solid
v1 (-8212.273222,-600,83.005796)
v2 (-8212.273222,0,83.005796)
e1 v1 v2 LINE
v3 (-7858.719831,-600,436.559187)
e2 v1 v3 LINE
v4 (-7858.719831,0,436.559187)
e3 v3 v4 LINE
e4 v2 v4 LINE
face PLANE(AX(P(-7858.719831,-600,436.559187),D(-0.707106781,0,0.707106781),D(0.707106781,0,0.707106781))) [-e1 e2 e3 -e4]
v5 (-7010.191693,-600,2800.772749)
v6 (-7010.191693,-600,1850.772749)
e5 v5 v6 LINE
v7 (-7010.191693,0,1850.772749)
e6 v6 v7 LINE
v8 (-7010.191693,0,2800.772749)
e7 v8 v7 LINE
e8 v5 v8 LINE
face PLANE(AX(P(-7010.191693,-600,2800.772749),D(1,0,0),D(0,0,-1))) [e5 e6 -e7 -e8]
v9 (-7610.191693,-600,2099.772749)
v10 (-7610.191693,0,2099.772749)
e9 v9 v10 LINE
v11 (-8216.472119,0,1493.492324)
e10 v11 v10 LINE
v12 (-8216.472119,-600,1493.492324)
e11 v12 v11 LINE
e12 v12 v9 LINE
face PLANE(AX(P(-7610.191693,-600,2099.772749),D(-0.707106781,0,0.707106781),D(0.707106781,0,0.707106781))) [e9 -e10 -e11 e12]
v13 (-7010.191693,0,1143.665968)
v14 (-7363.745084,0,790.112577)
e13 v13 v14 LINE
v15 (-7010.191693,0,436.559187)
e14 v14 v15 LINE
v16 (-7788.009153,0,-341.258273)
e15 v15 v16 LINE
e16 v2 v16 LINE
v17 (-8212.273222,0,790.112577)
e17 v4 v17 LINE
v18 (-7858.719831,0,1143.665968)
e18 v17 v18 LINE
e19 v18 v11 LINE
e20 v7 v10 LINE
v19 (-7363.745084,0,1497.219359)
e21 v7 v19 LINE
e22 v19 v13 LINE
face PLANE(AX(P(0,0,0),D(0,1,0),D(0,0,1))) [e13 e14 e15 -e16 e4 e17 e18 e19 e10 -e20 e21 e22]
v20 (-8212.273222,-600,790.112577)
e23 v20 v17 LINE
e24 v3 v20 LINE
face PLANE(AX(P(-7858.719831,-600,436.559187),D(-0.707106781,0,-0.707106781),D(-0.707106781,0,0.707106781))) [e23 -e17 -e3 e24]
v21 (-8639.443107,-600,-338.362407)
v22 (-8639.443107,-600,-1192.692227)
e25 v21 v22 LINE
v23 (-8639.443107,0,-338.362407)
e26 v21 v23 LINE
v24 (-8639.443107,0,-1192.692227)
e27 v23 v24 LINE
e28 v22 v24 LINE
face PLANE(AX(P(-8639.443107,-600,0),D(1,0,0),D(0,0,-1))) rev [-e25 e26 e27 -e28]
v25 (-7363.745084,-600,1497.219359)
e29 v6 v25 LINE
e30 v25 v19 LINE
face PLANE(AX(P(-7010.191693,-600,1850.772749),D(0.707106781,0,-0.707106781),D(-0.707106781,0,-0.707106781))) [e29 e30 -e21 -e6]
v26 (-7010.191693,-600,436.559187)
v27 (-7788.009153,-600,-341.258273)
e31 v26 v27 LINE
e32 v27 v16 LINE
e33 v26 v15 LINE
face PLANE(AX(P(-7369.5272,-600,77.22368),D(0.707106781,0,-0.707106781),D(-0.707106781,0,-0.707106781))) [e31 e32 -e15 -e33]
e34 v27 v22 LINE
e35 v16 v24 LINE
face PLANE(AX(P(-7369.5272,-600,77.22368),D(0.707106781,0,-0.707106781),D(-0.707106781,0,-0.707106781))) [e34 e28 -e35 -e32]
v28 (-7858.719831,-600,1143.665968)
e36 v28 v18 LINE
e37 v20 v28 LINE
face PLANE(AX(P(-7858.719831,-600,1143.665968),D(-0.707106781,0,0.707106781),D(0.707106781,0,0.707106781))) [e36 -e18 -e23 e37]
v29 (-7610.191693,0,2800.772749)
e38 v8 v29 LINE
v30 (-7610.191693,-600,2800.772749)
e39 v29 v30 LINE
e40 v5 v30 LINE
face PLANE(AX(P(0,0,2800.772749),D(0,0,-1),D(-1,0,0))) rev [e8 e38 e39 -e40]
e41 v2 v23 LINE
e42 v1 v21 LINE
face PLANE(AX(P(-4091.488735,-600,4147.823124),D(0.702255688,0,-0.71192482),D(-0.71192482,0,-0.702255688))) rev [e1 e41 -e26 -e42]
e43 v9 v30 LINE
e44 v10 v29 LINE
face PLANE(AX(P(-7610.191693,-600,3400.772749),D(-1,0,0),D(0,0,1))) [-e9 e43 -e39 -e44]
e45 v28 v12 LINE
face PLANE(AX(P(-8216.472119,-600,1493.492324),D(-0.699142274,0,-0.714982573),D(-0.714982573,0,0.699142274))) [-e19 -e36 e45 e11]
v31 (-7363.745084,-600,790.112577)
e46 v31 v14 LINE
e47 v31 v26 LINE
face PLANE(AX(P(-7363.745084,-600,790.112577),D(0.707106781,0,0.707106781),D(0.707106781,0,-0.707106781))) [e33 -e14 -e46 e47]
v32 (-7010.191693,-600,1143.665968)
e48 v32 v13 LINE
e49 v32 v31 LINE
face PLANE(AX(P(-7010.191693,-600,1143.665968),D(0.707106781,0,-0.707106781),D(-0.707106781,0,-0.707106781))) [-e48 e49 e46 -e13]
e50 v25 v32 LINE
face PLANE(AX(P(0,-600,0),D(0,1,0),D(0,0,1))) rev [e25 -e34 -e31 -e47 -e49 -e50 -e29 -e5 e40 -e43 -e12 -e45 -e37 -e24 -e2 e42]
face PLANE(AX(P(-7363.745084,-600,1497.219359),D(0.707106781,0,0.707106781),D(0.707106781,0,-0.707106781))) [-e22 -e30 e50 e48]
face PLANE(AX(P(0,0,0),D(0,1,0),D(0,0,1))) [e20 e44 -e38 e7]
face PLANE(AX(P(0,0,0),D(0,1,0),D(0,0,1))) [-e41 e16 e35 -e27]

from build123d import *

# Parameters (mm, degrees)
BOSS_EXTRUDE1_DEPTH      = 600
CUT_EXTRUDE9_DEPTH       = 8723.868006427
CUT_EXTRUDE9_DEPTH_BACK  = 8723.868006427
CUT_EXTRUDE_THIN1_DEPTH  = 8723.868006427
CUT_EXTRUDE40_DEPTH      = 400
CUT_EXTRUDE42_DEPTH      = 8272.33671098
CUT_EXTRUDE42_DEPTH_BACK = 8272.33671098
CUT_EXTRUDE43_DEPTH      = 200
CUT_EXTRUDE44_DEPTH      = 8662.204945729
CUT_EXTRUDE44_DEPTH_BACK = 8662.204945729
SKETCH20_W               = 1000
SKETCH20_H               = 600
CUT_EXTRUDE45_DEPTH      = 600
CUT_EXTRUDE46_DEPTH      = 600
BOSS_EXTRUDE2_DEPTH      = 600
BOSS_EXTRUDE3_DEPTH      = 600
BOSS_EXTRUDE4_DEPTH      = 600
BOSS_EXTRUDE5_REACH      = 8720.017
SKETCH27_W               = 600.055718855
SKETCH27_H               = 600
SKETCH41_W               = 5944.592645119
SKETCH41_H               = 1845.640359894
CUT_EXTRUDE49_DEPTH      = 10020
SKETCH42_W               = 3231.101034248
SKETCH42_H               = 2243.42822902
CUT_EXTRUDE50_DEPTH      = 10020


with BuildPart() as part:
    # Sketch1 → Boss-Extrude1 (new body)
    with BuildSketch(Plane(origin=(0, 0, 0), x_dir=(1, 0, 0), z_dir=(0, 1, 0))):
        Polygon((0, 0), (-1000, 0), (-2062.518408918, -284.700949613), (-3015.146353081, -834.700949613), (-3792.963812386, -1612.518408918), (-4570.781271691, -2390.335868223), (-4695.045340403, -2485.687041782), (-5647.673284566, -3035.687041782), (-5792.381857505, -3095.627295285), (-6854.900266423, -3380.328244897), (-7010.191693484, -3400.772749124), (-8010.191693484, -3400.772749124), (-8010.191693484, -2800.772749124), (-7010.191693484, -2800.772749124), (-5947.673284566, -2516.071799511), (-4995.045340403, -1966.071799511), (-4217.227881098, -1188.254340206), (-3439.410421793, -410.436880901), (-3315.146353081, -315.085707342), (-2362.518408918, 234.914292658), (-2217.809835979, 294.854546161), (-1155.291427062, 579.555495773), (-1000, 600), (0, 600), align=None)
    extrude(amount=-BOSS_EXTRUDE1_DEPTH)

    # Sketch7 → Cut-Extrude9 (cut, two sides)
    with BuildSketch(Plane.XY) as cut_extrude9_sk:
        Polygon((-1000, 14081.643483175), (-1000, 0), (-1000, -600), (-2062.518408918, -400), (-3015.146353081, -400), (-3015.146353081, 0), (-3015.146353081, 14081.643483175), (-3015.146353081, 42244.930449524), (-1000, 42244.930449524), align=None)
    extrude(amount=CUT_EXTRUDE9_DEPTH, mode=Mode.SUBTRACT)
    extrude(cut_extrude9_sk.sketch, amount=-CUT_EXTRUDE9_DEPTH_BACK, mode=Mode.SUBTRACT)


with BuildPart() as cut_extrude9_piece_1:
    # of the separate pieces the step leaves, piece 1, a body of its own (cut_extrude9_pieces)
    add(part.part.solids().sort_by_distance((-2062.518408918, -400, 284.700949613))[0])

    # Sketch14 → Cut-Extrude40 (cut)
    with BuildSketch(Plane(origin=(0, -400, 0), x_dir=(1, 0, 0), z_dir=(0, 1, 0))):
        Polygon((-3015.146353081, -834.700949613), (-3439.410421793, -410.436880901), (-3315.146353081, -315.085707342), (-3015.146353081, -141.880626585), align=None)
    extrude(amount=CUT_EXTRUDE40_DEPTH, mode=Mode.SUBTRACT)

    # Sketch17 → Cut-Extrude42 (cut, two sides)
    with BuildSketch(Plane(origin=(-1090.222701734, 0, -1090.222701734), x_dir=(0.7071067811865475, 0, -0.7071067811865477), z_dir=(0.7071067811865477, 0, 0.7071067811865475))) as cut_extrude42_sk:
        Polygon((-4922.253134267, 10770.157285422), (-4922.253134267, 0), (-4922.253134267, -200), (-2722.253134267, -400), (-2722.253134267, 0), (-2722.253134267, 10770.157285422), (-2722.253134267, 32310.471856265), (-4922.253134267, 32310.471856265), align=None)
    extrude(amount=CUT_EXTRUDE42_DEPTH, mode=Mode.SUBTRACT)
    extrude(cut_extrude42_sk.sketch, amount=-CUT_EXTRUDE42_DEPTH_BACK, mode=Mode.SUBTRACT)

    # Sketch18 → Cut-Extrude43 (cut)
    with BuildSketch(Plane(origin=(0, 0, 0), x_dir=(1, 0, 0), z_dir=(0, 1, 0))):
        Polygon((-4570.781271691, -2390.335868223), (-4995.045340403, -1966.071799511), (-5947.673284566, -2516.071799511), (-5792.381857505, -3095.627295285), (-5647.673284566, -3035.687041782), (-4695.045340403, -2485.687041782), align=None)
    extrude(amount=-CUT_EXTRUDE43_DEPTH, mode=Mode.SUBTRACT)

    # Sketch19 → Cut-Extrude44 (cut, two sides)
    with BuildSketch(Plane(origin=(385.890813578, 0, 1440.164122449), x_dir=(0.9659258262890701, 0, -0.2588190451025142), z_dir=(0.2588190451025142, 0, 0.9659258262890701))) as cut_extrude44_sk:
        Polygon((-7496.218532451, 0), (-6396.218532451, -200), (-6396.218532451, 0), align=None)
    extrude(amount=CUT_EXTRUDE44_DEPTH, mode=Mode.SUBTRACT)
    extrude(cut_extrude44_sk.sketch, amount=-CUT_EXTRUDE44_DEPTH_BACK, mode=Mode.SUBTRACT)

    # Sketch20 → Cut-Extrude45 (cut)
    with BuildSketch(Plane(origin=(0, 0, 0), x_dir=(1, 0, 0), z_dir=(0, 1, 0))):
        with Locations((-7510.191693484, -3100.772749124)):
            Rectangle(SKETCH20_W, SKETCH20_H)
    extrude(amount=-CUT_EXTRUDE45_DEPTH, mode=Mode.SUBTRACT)

    # Sketch22 → Boss-Extrude2 (add)
    with BuildSketch(Plane(origin=(0, 0, 0), x_dir=(1, 0, 0), z_dir=(0, 1, 0))):
        Polygon((-7010.191693484, -3400.772749124), (-7610.191693484, -3400.772749124), (-7610.191693484, -2099.772749124), (-7010.191693484, -1850.772749124), (-7010.191693484, -2800.772749124), align=None)
    extrude(amount=-BOSS_EXTRUDE2_DEPTH)

    # Sketch23 → Boss-Extrude3 (add)
    with BuildSketch(Plane(origin=(0, 0, 0), x_dir=(1, 0, 0), z_dir=(0, 1, 0))):
        Polygon((-7010.191693484, -1850.772749124), (-7363.745084077, -1497.219358531), (-7010.191693484, -1143.665967937), (-7363.745084077, -790.112577344), (-7010.191693484, -436.559186751), (-7369.52720003, -77.223680205), (-7793.791268742, 347.040388507), (-7858.719830908, 270.547594436), (-8212.273221501, -83.005796158), (-7858.719830908, -436.559186751), (-8212.273221501, -790.112577344), (-7858.719830908, -1143.665967937), (-8216.472118741, -1493.492323867), (-7610.191693484, -2099.772749124), align=None)
    extrude(amount=-BOSS_EXTRUDE3_DEPTH)

    # Sketch27 → Boss-Extrude5 (add, up to next)
    with BuildSketch(Plane(origin=(-4176.549949048, 0, -4064.239704482), x_dir=(0.6974051569050131, 0, -0.7166770870638283), z_dir=(0.7166770870638283, 0, 0.6974051569050131)), mode=Mode.PRIVATE) as boss_extrude5_sk1:
        with Locations((-5486.74218736, -300)):
            Rectangle(SKETCH27_W, SKETCH27_H)
    boss_extrude5_tool1 = extrude(boss_extrude5_sk1.sketch, amount=BOSS_EXTRUDE5_REACH, mode=Mode.PRIVATE) - cut_extrude9_piece_1.part


with BuildPart() as cut_extrude9_piece_2:
    # of the separate pieces the step leaves, piece 2, a body of its own (cut_extrude9_pieces)
    add(part.part.solids().sort_by_distance((0, 0, 0))[0])

    # Sketch8 → Cut-Extrude-Thin1 (cut, through all)
    with BuildSketch(Plane.XY):
        Polygon((-1000, 0), (-1000, -600), (0, -600), (0, 0), (-10, 0), (-10, -590), (-990, -590), (-990, 0), align=None)
        Polygon((-4695.045340403, 0), (-4695.045340403, -200), (-4570.781271691, -200), (-3015.146353081, -400), (-3013.871199655, -390.081634019), (-4570.141081915, -190), (-4685.045340403, -190), (-4685.045340403, 0), align=None)
    extrude(amount=-CUT_EXTRUDE_THIN1_DEPTH, mode=Mode.SUBTRACT)

    # Sketch21 → Cut-Extrude46 (cut)
    with BuildSketch(Plane(origin=(0, 0, 0), x_dir=(1, 0, 0), z_dir=(0, 1, 0))):
        Polygon((0, 0), (-10, 600), (-990, 600), (-1000, 0), align=None)
    extrude(amount=-CUT_EXTRUDE46_DEPTH, mode=Mode.SUBTRACT)


with BuildPart() as body_2:
    # Sketch24 → Boss-Extrude4 (new body)
    with BuildSketch(Plane(origin=(0, 0, 0), x_dir=(1, 0, 0), z_dir=(0, 1, 0))):
        Polygon((-8212.273221501, -83.005796158), (-8639.443107058, 338.362406502), (-8639.443107058, 1192.692226823), (-7793.791268742, 347.040388507), align=None)
    extrude(amount=-BOSS_EXTRUDE4_DEPTH)


with BuildPart() as cut_extrude9_piece_1_1:
    add(cut_extrude9_piece_1.part)

    add(body_2.part)  # Boss-Extrude5 merges body 2
    add(boss_extrude5_tool1.solids().sort_by_distance((-8003.032245, -300, -132.017296))[0])

    # Sketch41 → Cut-Extrude49 (cut)
    with BuildSketch(Plane(origin=(-7010.191693484, 0, 0), x_dir=(0, 0, -1), z_dir=(1, 0, 0))):
        with Locations((-1423.304755155, -22.132559393)):
            Rectangle(SKETCH41_W, SKETCH41_H)
    extrude(amount=CUT_EXTRUDE49_DEPTH, mode=Mode.SUBTRACT)

    # Sketch42 → Cut-Extrude50 (cut)
    with BuildSketch(Plane.XY.offset(2800.772749124)):
        with Locations((-8030.549378888, -410.822906144)):
            Rectangle(SKETCH42_W, SKETCH42_H)
    extrude(amount=CUT_EXTRUDE50_DEPTH, mode=Mode.SUBTRACT)


solid = cut_extrude9_piece_1_1.part
